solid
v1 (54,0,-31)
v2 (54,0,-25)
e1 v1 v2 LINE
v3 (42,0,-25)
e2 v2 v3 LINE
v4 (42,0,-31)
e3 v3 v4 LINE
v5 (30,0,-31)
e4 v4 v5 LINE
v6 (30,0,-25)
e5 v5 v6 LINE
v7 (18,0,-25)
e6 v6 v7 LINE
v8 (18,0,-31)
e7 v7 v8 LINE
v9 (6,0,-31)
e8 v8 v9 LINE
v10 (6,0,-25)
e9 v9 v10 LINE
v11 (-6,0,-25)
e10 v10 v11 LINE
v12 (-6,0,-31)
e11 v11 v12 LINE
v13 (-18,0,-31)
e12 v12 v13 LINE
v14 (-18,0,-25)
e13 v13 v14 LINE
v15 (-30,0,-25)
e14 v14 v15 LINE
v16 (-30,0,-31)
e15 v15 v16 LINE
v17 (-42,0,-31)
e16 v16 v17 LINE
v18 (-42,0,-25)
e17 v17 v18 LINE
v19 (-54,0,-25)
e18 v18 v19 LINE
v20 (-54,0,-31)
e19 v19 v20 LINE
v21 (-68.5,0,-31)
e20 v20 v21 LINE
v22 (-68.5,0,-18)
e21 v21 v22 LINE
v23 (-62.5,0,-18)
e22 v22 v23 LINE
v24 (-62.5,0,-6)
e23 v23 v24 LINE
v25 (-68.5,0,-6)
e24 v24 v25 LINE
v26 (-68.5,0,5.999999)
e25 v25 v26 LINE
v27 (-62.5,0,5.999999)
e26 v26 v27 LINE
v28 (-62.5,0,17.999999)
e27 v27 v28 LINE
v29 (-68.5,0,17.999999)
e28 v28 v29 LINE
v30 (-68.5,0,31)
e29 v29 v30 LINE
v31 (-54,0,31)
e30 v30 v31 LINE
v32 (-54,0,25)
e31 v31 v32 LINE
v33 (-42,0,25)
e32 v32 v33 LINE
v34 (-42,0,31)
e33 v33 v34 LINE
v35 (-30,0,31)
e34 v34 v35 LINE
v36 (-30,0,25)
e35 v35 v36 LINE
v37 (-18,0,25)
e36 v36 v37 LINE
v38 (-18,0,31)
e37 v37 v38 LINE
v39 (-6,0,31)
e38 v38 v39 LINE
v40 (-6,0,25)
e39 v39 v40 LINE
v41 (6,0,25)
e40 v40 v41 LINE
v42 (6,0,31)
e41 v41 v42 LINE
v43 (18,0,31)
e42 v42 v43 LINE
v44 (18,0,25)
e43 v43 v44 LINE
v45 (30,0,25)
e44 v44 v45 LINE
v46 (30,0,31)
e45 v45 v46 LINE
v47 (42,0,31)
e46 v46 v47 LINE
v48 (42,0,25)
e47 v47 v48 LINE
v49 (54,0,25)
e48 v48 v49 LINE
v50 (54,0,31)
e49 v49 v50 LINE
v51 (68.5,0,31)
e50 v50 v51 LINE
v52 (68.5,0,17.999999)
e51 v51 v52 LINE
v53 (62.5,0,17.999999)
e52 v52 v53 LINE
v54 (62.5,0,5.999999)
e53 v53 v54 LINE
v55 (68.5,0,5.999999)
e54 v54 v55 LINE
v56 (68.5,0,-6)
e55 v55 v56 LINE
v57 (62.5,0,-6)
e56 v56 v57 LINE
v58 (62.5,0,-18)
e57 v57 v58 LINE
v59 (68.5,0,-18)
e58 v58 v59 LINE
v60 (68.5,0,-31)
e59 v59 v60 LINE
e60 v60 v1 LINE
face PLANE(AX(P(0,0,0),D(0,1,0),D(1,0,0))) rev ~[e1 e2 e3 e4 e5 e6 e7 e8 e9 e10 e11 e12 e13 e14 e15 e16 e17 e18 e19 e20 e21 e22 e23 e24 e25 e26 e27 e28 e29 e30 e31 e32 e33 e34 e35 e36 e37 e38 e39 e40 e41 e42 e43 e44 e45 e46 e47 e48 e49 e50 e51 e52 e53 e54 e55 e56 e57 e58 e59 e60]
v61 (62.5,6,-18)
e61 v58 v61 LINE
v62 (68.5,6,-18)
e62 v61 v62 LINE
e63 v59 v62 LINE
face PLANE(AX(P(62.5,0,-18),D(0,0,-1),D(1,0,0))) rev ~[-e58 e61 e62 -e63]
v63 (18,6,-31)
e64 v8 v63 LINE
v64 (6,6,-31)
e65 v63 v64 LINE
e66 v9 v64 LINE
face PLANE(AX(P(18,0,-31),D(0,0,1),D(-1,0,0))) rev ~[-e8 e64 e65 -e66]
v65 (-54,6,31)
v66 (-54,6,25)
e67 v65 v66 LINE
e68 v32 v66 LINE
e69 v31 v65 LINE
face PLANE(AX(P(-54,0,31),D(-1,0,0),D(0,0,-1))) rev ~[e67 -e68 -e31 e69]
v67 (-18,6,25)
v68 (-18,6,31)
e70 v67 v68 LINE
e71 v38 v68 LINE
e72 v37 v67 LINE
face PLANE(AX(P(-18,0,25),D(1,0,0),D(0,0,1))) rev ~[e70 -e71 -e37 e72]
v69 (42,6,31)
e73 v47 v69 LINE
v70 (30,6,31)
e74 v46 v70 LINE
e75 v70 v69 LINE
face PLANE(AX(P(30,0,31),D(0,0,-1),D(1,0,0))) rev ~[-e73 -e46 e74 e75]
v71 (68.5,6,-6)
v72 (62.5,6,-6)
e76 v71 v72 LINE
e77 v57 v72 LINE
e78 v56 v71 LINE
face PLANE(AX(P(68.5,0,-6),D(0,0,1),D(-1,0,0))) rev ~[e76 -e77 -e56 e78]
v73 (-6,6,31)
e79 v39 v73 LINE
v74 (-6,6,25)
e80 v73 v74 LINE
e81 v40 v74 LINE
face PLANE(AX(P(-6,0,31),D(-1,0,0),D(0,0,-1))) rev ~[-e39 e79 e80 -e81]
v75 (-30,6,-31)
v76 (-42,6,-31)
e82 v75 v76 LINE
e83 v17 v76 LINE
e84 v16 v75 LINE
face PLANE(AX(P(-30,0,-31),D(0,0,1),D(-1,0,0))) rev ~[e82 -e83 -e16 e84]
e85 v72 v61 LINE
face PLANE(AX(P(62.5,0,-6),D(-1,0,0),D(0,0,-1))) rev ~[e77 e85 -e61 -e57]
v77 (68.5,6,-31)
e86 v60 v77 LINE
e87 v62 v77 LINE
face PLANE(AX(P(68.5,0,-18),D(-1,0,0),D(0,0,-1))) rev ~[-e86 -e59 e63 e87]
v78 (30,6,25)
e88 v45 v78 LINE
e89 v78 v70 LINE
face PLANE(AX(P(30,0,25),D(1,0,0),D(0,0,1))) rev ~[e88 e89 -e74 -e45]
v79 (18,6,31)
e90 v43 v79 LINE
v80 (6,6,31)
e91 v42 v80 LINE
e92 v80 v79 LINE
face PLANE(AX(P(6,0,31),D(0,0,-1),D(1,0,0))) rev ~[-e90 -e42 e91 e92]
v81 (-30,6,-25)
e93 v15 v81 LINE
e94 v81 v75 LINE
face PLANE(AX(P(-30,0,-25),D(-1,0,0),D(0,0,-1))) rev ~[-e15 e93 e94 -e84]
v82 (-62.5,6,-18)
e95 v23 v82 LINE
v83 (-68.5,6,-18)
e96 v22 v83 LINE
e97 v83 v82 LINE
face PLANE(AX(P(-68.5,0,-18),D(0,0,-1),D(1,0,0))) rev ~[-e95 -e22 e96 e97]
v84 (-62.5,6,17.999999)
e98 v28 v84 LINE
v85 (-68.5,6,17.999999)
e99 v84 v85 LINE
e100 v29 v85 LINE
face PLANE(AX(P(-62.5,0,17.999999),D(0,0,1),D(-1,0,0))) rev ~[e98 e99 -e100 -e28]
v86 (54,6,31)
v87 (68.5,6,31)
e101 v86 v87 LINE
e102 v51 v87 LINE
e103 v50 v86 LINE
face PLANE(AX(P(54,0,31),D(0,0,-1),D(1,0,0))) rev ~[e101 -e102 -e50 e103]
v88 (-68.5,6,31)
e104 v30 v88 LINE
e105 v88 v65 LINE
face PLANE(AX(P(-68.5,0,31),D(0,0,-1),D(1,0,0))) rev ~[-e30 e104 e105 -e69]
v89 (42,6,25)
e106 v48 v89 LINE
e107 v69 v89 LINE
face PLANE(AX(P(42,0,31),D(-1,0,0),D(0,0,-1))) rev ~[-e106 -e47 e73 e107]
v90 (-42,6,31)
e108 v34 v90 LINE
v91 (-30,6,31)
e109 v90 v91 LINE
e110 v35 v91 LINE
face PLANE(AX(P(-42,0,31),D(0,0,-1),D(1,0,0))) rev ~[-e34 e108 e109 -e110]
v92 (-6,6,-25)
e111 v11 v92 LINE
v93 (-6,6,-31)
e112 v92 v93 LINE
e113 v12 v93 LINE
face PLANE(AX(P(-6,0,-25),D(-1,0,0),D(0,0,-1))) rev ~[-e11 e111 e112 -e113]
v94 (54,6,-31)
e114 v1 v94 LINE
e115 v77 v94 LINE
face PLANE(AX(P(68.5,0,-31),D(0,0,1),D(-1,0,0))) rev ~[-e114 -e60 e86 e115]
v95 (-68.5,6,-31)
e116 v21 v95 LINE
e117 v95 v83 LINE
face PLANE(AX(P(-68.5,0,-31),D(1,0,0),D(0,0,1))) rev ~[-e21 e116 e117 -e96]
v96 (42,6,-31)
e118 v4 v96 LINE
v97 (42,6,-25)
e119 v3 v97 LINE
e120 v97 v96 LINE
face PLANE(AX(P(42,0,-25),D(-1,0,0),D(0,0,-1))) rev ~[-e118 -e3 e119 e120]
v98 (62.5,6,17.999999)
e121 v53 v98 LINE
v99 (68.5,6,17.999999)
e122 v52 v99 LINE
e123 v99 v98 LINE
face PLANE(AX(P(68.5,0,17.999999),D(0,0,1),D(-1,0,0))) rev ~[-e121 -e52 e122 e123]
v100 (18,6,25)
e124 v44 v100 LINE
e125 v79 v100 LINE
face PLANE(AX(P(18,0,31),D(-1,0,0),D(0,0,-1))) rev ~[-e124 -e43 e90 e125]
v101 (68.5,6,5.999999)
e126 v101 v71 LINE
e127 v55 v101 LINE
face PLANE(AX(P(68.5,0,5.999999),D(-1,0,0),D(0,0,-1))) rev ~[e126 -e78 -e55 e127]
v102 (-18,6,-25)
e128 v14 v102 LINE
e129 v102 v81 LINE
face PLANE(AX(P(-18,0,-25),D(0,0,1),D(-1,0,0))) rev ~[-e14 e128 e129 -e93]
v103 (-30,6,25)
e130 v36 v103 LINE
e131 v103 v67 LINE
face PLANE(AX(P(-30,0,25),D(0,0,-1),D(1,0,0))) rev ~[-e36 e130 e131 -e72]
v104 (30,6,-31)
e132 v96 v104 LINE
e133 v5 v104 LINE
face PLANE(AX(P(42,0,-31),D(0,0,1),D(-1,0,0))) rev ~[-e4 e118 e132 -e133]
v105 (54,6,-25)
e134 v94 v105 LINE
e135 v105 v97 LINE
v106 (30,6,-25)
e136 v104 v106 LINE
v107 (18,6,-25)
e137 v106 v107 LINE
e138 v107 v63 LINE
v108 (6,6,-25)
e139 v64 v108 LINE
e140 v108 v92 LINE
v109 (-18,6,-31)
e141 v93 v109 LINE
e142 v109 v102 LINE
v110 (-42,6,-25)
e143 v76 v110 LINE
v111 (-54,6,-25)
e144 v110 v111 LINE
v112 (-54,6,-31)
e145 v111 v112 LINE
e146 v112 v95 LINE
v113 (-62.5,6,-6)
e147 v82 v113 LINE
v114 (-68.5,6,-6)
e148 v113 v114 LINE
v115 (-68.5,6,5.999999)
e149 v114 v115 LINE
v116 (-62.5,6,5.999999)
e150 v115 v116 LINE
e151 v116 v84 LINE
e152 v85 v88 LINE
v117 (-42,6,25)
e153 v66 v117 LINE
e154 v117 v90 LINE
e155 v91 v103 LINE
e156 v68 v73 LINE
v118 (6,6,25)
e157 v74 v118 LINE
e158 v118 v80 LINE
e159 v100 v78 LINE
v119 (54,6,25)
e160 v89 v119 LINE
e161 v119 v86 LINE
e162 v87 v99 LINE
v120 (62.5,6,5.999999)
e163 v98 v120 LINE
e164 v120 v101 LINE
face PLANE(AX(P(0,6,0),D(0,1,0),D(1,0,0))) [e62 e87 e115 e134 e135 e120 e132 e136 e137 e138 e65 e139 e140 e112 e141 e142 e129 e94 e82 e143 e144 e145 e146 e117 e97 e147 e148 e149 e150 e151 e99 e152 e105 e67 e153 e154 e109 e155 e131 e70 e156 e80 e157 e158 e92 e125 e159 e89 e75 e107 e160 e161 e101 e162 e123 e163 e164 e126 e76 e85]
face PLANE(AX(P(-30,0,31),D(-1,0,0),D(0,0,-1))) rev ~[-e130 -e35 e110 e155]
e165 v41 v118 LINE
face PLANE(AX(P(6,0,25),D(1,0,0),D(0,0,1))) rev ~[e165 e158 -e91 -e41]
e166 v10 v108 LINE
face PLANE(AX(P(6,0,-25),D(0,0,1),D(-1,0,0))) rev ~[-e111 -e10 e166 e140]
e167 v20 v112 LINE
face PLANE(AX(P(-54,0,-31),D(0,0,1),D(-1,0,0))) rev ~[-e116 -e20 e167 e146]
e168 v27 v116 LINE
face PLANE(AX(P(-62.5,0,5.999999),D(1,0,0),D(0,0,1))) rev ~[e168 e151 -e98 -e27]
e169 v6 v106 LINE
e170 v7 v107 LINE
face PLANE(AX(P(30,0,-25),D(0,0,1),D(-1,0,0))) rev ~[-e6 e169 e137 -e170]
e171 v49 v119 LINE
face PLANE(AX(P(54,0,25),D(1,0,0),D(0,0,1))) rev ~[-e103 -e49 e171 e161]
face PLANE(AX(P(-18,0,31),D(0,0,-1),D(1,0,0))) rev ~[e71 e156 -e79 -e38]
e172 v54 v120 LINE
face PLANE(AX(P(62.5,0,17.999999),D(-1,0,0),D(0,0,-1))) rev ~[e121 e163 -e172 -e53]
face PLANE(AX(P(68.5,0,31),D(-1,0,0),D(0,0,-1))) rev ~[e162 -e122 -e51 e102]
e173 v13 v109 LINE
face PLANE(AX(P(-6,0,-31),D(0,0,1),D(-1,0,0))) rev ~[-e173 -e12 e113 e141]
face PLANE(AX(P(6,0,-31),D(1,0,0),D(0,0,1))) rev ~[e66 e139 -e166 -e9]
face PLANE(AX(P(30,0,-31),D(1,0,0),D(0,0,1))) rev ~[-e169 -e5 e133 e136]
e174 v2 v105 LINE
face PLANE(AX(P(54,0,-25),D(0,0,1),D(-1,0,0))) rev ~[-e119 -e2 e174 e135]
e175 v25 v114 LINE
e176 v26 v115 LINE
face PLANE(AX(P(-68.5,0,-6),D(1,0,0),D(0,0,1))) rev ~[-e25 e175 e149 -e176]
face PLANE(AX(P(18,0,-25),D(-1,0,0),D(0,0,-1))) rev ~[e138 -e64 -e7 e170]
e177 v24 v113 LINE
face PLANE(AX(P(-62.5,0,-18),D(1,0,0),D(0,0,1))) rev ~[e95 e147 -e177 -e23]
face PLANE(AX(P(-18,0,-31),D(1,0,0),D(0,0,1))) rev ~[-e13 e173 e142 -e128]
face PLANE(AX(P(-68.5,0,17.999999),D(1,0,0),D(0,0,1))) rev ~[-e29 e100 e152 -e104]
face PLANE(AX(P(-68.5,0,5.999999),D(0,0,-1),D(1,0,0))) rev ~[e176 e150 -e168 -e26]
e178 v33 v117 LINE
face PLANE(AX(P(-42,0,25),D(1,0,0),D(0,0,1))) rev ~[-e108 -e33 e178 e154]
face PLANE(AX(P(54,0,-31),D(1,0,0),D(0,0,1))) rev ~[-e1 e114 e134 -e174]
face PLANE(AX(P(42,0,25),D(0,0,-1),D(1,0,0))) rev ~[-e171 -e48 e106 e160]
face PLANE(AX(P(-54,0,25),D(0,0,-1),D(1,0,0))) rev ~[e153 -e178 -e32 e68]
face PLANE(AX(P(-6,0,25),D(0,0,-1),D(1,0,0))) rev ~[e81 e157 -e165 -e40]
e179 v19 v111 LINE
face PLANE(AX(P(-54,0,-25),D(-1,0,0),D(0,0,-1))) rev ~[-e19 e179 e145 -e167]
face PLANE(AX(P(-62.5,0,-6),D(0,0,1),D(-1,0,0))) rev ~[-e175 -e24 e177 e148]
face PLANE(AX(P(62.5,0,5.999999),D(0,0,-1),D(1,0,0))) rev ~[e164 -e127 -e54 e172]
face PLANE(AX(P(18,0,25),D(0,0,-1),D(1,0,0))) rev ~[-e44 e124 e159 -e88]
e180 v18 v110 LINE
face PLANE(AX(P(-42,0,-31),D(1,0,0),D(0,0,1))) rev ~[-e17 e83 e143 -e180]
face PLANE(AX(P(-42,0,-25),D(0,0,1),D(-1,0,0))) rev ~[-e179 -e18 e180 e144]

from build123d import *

# Parameters (mm, degrees)
BOSS_EXTRUDE1_DEPTH = 6


with BuildPart() as part:
    # Sketch1 → Boss-Extrude1 (new body)
    with BuildSketch(Plane(origin=(0, 0, 0), x_dir=(1, 0, 0), z_dir=(0, 1, 0))):
        Polygon((-54, -31), (-54, -25), (-42, -25), (-42, -31), (-30, -31), (-30, -25), (-18, -25), (-18, -31), (-6, -31), (-6, -25), (6, -25), (6, -31), (18, -31), (18, -25), (30, -25), (30, -31), (42, -31), (42, -25), (54, -25), (54, -31), (66, -31), (68.499999877, -31), (68.499999877, -17.999998649), (66.000000123, -17.999998649), (62.500000123, -17.999998649), (62.500000123, -5.999998649), (66.000000123, -5.999998649), (68.499999877, -5.999998649), (68.499999877, 6), (66.000000123, 6), (62.500000123, 6), (62.500000123, 18), (66.000000123, 18), (68.499999877, 18), (68.499999877, 31), (66, 31), (54, 31), (54, 25), (42, 25), (42, 31), (30, 31), (30, 25), (18, 25), (18, 31), (6, 31), (6, 25), (-6, 25), (-6, 31), (-18, 31), (-18, 25), (-30, 25), (-30, 31), (-42, 31), (-42, 25), (-54, 25), (-54, 31), (-66, 31), (-68.499999877, 31), (-68.499999877, 18), (-66.000000123, 18), (-62.500000123, 18), (-62.500000123, 6), (-66.000000123, 6), (-68.499999877, 6), (-68.499999877, -5.999998649), (-66.000000123, -5.999998649), (-62.500000123, -5.999998649), (-62.500000123, -17.999998649), (-66.000000123, -17.999998649), (-68.499999877, -17.999998649), (-68.499999877, -31), (-66, -31), align=None)
    extrude(amount=BOSS_EXTRUDE1_DEPTH)


solid = part.part
